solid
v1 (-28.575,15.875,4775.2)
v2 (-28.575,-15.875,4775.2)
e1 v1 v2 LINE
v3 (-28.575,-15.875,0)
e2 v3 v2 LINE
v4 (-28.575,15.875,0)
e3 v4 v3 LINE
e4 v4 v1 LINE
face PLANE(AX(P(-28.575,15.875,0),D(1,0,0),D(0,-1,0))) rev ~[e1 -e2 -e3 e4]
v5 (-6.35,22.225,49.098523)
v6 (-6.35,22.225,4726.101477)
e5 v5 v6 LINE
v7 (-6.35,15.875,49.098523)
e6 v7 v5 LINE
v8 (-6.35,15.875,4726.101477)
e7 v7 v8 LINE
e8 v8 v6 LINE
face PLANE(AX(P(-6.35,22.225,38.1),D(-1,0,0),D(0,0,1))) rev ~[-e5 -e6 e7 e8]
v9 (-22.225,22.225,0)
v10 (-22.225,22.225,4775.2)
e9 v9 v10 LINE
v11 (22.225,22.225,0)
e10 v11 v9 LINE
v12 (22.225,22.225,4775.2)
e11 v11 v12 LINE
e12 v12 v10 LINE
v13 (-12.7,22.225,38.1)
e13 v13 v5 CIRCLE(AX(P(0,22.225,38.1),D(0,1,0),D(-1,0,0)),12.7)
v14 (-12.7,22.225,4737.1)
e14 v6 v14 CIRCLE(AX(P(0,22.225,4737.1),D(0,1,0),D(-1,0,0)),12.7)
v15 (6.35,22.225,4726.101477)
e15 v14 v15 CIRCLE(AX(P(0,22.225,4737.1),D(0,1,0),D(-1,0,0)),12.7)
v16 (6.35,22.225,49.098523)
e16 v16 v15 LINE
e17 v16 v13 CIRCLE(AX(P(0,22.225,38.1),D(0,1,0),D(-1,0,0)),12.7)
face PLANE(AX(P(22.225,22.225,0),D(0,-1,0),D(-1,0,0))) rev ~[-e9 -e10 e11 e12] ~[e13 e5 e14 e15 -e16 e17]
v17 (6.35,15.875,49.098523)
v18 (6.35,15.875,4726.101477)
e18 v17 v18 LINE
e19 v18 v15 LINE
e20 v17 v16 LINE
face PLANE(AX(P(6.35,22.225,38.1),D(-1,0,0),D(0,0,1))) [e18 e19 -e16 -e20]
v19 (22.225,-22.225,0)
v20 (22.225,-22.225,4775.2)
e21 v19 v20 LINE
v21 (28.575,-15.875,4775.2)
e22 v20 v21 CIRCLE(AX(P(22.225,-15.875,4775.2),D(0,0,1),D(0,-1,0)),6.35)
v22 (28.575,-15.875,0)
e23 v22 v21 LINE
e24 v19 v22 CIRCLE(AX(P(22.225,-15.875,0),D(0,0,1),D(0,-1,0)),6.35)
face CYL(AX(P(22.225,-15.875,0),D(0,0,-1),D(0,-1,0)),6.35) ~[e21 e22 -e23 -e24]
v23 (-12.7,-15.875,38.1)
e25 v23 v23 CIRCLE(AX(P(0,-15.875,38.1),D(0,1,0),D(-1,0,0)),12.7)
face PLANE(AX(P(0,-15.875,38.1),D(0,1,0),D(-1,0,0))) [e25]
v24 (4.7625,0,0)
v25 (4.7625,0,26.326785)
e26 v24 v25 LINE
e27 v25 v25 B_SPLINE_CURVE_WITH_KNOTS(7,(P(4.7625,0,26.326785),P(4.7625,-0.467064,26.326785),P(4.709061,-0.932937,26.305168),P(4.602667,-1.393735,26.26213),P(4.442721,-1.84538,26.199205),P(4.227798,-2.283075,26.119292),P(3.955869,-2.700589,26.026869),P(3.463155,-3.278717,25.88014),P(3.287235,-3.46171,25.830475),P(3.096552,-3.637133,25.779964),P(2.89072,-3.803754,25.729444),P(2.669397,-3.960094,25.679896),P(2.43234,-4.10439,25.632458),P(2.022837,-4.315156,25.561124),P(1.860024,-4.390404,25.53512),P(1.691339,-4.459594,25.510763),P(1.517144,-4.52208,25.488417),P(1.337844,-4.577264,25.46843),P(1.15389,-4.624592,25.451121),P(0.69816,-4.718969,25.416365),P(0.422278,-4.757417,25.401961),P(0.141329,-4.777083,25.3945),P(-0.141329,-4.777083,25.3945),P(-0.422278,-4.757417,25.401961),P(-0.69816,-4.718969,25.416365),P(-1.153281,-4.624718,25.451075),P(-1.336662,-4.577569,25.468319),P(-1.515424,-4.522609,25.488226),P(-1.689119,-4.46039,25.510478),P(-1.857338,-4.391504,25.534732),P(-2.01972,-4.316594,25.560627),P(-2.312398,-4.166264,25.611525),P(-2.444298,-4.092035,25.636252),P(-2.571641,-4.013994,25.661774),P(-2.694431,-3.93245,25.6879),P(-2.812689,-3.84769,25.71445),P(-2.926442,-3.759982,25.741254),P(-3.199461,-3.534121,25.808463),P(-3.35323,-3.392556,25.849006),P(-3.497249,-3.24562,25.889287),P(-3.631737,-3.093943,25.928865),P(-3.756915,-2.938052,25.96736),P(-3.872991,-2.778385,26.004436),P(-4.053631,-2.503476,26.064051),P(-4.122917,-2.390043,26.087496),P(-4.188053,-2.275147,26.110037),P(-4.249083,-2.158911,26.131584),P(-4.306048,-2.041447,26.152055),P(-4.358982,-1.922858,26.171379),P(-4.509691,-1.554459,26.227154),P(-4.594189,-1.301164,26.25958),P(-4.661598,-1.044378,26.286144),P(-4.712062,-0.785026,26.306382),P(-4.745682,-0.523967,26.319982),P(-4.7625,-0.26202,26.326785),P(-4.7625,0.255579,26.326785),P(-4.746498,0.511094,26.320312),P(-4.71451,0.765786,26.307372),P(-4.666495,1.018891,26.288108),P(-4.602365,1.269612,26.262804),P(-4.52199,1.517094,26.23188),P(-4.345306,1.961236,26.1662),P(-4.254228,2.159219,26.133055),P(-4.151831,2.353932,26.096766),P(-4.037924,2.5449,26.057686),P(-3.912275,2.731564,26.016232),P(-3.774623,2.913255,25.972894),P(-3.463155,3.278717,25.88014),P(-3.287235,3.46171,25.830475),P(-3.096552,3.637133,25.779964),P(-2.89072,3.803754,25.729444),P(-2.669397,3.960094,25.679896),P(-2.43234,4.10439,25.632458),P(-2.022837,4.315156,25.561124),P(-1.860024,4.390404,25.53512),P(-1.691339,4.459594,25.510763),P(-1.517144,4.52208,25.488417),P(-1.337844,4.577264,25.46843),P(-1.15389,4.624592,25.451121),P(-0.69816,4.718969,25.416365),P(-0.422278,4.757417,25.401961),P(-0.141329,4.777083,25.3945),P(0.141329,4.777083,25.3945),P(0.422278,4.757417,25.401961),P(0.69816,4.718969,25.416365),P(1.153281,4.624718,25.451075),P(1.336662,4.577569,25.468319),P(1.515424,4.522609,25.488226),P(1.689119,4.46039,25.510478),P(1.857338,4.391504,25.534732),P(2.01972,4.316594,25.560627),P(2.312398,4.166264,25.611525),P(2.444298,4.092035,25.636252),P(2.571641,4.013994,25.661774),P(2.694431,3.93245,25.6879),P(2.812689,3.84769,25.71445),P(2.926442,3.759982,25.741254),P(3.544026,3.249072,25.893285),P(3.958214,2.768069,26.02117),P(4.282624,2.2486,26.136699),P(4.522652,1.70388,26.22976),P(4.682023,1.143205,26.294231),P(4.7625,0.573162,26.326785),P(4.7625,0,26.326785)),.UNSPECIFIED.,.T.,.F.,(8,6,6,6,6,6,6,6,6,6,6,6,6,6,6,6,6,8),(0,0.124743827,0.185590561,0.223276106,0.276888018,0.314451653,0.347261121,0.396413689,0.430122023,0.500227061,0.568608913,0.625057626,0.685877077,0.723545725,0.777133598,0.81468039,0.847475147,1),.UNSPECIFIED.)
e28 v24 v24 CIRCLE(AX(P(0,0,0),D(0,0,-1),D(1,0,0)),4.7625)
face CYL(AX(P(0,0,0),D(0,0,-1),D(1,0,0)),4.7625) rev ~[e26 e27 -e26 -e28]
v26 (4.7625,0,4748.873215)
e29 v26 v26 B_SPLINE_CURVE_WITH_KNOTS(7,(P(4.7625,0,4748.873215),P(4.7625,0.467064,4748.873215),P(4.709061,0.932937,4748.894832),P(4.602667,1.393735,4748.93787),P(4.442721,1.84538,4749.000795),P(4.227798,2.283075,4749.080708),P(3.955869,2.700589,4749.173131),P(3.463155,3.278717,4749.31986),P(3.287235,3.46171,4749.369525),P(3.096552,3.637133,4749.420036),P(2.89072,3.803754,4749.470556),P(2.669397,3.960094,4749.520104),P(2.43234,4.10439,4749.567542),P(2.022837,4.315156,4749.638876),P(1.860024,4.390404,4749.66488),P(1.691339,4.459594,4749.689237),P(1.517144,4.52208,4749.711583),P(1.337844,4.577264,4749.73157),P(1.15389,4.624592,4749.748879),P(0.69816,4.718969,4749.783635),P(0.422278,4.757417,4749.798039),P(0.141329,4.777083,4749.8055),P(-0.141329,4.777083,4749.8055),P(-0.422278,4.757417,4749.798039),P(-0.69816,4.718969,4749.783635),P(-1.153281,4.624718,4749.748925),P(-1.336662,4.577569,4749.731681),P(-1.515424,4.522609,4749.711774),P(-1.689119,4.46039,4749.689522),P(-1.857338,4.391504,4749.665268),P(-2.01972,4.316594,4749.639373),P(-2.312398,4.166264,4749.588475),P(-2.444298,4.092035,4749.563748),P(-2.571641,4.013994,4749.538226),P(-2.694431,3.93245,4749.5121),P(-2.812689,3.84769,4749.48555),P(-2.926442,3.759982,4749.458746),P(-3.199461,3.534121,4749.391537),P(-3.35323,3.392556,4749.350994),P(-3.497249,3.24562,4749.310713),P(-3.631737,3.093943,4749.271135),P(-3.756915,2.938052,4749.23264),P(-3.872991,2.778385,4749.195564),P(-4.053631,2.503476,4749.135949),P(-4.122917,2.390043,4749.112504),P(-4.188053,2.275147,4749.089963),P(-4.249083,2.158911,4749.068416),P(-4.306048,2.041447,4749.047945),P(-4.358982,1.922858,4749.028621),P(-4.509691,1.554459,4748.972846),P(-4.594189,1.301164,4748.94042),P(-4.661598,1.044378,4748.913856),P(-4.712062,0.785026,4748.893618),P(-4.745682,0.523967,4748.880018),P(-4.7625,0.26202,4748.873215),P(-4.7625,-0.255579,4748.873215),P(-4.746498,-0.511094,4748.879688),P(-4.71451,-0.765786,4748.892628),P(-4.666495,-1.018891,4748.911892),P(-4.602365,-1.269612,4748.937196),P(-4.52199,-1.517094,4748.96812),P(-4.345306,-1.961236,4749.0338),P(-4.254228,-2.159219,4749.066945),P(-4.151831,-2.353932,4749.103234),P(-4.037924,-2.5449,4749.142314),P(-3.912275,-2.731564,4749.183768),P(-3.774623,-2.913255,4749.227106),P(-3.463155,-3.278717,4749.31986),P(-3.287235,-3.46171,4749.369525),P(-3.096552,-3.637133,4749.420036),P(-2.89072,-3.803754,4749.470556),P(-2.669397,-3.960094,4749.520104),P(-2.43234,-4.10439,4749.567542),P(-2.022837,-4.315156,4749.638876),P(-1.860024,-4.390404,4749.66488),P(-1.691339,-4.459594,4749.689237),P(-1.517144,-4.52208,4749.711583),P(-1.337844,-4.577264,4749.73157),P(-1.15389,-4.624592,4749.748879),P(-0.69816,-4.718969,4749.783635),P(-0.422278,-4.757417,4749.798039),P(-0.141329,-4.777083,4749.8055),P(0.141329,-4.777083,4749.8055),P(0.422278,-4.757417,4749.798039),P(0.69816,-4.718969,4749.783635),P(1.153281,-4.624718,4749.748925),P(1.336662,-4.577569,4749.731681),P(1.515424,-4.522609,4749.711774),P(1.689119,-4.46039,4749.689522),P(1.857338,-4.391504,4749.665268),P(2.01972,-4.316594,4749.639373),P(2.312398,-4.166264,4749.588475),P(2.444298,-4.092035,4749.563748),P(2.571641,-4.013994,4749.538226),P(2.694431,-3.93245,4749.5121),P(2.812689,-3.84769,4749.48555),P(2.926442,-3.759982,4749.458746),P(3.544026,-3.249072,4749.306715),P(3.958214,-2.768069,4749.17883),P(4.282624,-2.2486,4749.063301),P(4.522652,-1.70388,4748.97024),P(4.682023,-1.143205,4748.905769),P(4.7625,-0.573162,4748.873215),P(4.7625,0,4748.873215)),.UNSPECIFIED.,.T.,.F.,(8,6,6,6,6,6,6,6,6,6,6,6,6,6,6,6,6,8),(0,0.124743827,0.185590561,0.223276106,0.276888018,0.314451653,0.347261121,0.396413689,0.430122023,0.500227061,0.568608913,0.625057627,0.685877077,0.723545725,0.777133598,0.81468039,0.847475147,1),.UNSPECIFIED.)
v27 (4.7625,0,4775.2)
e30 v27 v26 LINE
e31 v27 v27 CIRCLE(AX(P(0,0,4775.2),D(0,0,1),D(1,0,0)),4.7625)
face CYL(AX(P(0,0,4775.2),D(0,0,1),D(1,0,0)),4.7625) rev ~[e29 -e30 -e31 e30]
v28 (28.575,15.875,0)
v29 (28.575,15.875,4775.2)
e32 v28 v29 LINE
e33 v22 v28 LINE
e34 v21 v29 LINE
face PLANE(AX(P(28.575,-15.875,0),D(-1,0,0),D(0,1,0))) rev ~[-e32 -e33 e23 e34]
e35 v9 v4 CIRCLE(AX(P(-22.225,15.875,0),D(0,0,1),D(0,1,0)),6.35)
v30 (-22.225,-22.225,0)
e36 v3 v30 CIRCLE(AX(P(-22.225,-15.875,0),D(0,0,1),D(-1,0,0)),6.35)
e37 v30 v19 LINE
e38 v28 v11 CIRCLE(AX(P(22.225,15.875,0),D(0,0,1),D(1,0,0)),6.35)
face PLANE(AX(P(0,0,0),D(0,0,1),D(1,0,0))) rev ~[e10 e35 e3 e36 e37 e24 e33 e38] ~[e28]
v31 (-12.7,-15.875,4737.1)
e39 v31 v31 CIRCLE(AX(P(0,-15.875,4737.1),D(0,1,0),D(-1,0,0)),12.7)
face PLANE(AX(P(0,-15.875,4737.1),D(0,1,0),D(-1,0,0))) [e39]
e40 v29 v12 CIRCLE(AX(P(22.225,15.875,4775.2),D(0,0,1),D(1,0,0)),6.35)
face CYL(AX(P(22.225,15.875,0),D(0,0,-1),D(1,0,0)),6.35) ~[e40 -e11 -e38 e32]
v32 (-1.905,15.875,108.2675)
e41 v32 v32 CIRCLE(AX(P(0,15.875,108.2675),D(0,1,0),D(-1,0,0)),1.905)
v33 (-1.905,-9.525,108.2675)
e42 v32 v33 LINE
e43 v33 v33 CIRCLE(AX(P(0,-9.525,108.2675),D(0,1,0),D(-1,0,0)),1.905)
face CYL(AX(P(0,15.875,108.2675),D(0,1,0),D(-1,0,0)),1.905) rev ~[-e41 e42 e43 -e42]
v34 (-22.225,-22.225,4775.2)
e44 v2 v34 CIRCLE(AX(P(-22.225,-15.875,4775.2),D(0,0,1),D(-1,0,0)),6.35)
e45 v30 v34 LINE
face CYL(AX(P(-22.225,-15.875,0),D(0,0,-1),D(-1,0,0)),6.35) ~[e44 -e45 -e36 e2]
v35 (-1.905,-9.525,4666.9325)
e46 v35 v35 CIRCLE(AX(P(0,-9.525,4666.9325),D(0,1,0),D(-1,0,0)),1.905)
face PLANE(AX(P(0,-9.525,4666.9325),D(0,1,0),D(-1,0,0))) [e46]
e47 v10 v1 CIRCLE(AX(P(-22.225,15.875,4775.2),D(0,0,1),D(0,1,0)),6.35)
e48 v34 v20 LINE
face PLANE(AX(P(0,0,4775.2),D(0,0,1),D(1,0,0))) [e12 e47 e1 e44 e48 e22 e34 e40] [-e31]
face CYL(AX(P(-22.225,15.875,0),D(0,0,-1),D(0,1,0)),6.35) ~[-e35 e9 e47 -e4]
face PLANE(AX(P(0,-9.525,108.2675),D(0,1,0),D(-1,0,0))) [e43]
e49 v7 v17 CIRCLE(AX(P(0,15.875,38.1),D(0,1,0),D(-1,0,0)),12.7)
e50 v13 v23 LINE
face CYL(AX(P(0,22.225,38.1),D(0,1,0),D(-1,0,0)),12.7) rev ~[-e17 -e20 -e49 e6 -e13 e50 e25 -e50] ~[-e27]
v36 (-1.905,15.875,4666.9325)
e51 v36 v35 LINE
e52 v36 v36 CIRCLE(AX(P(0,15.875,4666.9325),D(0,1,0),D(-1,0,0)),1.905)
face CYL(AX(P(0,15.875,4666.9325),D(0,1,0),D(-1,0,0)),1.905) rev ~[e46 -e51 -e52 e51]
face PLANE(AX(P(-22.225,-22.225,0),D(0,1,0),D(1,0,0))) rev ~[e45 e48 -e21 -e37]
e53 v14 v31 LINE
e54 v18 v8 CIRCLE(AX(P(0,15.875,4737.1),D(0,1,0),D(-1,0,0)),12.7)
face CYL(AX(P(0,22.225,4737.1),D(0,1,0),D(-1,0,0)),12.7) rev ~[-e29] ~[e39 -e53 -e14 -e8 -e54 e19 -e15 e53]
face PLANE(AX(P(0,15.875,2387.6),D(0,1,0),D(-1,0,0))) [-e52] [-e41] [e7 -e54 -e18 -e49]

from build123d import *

# Parameters (mm, degrees)
F1_DEPTH  = 4775.2
F2_R      = 12.7
F3_DEPTH  = 38.1
F4_W      = 12.7
F4_H      = 4699
F5_DEPTH  = 6.35
F6_R      = 4.7625
F7_DEPTH  = 38.1
F8_R      = 4.7625
F9_DEPTH  = 38.1
F10_R     = 1.905
F11_DEPTH = 25.4


with BuildPart() as f1:
    # F0 (on Top) → F1 (new body)
    with BuildSketch(Plane.XY):
        with BuildLine():
            Line((-22.225, -22.225), (22.225, -22.225))
            ThreePointArc((22.225, -22.225), (26.7151280605, -20.3651280605), (28.575, -15.875))
            Line((28.575, -15.875), (28.575, 15.875))
            ThreePointArc((28.575, 15.875), (26.7151280605, 20.3651280605), (22.225, 22.225))
            Line((22.225, 22.225), (-22.225, 22.225))
            ThreePointArc((-22.225, 22.225), (-26.7151280605, 20.3651280605), (-28.575, 15.875))
            Line((-28.575, 15.875), (-28.575, -15.875))
            ThreePointArc((-28.575, -15.875), (-26.7151280605, -20.3651280605), (-22.225, -22.225))
        make_face()
    extrude(amount=F1_DEPTH)

    # F2 (on face) → F3 (cut)
    with BuildSketch(Plane(origin=(0, 22.225, 0), x_dir=(-1, 0, 0), z_dir=(0, 1, 0))):
        with Locations((0, 38.1)):
            Circle(F2_R)
        with Locations((0, 4737.1)):
            Circle(F2_R)
    extrude(amount=-F3_DEPTH, mode=Mode.SUBTRACT)

    # F4 (on face) → F5 (cut)
    with BuildSketch(Plane(origin=(0, 22.225, 0), x_dir=(-1, 0, 0), z_dir=(0, 1, 0))):
        with Locations((0, 2387.6)):
            Rectangle(F4_W, F4_H)
    extrude(amount=-F5_DEPTH, mode=Mode.SUBTRACT)

    # F6 (on face) → F7 (cut)
    with BuildSketch(Plane.XY.offset(4775.2)):
        Circle(F6_R)
    extrude(amount=-F7_DEPTH, mode=Mode.SUBTRACT)

    # F8 (on face) → F9 (cut)
    with BuildSketch(Plane(origin=(0, 0, 0), x_dir=(1, 0, 0), z_dir=(0, 0, -1))):
        Circle(F8_R)
    extrude(amount=-F9_DEPTH, mode=Mode.SUBTRACT)

    # F10 (on face) → F11 (cut)
    with BuildSketch(Plane(origin=(0, 15.875, 0), x_dir=(-1, 0, 0), z_dir=(0, 1, 0))):
        with Locations((0, 4666.9325)):
            Circle(F10_R)
        with Locations((0, 108.2675)):
            Circle(F10_R)
    extrude(amount=-F11_DEPTH, mode=Mode.SUBTRACT)


solid = f1.part
